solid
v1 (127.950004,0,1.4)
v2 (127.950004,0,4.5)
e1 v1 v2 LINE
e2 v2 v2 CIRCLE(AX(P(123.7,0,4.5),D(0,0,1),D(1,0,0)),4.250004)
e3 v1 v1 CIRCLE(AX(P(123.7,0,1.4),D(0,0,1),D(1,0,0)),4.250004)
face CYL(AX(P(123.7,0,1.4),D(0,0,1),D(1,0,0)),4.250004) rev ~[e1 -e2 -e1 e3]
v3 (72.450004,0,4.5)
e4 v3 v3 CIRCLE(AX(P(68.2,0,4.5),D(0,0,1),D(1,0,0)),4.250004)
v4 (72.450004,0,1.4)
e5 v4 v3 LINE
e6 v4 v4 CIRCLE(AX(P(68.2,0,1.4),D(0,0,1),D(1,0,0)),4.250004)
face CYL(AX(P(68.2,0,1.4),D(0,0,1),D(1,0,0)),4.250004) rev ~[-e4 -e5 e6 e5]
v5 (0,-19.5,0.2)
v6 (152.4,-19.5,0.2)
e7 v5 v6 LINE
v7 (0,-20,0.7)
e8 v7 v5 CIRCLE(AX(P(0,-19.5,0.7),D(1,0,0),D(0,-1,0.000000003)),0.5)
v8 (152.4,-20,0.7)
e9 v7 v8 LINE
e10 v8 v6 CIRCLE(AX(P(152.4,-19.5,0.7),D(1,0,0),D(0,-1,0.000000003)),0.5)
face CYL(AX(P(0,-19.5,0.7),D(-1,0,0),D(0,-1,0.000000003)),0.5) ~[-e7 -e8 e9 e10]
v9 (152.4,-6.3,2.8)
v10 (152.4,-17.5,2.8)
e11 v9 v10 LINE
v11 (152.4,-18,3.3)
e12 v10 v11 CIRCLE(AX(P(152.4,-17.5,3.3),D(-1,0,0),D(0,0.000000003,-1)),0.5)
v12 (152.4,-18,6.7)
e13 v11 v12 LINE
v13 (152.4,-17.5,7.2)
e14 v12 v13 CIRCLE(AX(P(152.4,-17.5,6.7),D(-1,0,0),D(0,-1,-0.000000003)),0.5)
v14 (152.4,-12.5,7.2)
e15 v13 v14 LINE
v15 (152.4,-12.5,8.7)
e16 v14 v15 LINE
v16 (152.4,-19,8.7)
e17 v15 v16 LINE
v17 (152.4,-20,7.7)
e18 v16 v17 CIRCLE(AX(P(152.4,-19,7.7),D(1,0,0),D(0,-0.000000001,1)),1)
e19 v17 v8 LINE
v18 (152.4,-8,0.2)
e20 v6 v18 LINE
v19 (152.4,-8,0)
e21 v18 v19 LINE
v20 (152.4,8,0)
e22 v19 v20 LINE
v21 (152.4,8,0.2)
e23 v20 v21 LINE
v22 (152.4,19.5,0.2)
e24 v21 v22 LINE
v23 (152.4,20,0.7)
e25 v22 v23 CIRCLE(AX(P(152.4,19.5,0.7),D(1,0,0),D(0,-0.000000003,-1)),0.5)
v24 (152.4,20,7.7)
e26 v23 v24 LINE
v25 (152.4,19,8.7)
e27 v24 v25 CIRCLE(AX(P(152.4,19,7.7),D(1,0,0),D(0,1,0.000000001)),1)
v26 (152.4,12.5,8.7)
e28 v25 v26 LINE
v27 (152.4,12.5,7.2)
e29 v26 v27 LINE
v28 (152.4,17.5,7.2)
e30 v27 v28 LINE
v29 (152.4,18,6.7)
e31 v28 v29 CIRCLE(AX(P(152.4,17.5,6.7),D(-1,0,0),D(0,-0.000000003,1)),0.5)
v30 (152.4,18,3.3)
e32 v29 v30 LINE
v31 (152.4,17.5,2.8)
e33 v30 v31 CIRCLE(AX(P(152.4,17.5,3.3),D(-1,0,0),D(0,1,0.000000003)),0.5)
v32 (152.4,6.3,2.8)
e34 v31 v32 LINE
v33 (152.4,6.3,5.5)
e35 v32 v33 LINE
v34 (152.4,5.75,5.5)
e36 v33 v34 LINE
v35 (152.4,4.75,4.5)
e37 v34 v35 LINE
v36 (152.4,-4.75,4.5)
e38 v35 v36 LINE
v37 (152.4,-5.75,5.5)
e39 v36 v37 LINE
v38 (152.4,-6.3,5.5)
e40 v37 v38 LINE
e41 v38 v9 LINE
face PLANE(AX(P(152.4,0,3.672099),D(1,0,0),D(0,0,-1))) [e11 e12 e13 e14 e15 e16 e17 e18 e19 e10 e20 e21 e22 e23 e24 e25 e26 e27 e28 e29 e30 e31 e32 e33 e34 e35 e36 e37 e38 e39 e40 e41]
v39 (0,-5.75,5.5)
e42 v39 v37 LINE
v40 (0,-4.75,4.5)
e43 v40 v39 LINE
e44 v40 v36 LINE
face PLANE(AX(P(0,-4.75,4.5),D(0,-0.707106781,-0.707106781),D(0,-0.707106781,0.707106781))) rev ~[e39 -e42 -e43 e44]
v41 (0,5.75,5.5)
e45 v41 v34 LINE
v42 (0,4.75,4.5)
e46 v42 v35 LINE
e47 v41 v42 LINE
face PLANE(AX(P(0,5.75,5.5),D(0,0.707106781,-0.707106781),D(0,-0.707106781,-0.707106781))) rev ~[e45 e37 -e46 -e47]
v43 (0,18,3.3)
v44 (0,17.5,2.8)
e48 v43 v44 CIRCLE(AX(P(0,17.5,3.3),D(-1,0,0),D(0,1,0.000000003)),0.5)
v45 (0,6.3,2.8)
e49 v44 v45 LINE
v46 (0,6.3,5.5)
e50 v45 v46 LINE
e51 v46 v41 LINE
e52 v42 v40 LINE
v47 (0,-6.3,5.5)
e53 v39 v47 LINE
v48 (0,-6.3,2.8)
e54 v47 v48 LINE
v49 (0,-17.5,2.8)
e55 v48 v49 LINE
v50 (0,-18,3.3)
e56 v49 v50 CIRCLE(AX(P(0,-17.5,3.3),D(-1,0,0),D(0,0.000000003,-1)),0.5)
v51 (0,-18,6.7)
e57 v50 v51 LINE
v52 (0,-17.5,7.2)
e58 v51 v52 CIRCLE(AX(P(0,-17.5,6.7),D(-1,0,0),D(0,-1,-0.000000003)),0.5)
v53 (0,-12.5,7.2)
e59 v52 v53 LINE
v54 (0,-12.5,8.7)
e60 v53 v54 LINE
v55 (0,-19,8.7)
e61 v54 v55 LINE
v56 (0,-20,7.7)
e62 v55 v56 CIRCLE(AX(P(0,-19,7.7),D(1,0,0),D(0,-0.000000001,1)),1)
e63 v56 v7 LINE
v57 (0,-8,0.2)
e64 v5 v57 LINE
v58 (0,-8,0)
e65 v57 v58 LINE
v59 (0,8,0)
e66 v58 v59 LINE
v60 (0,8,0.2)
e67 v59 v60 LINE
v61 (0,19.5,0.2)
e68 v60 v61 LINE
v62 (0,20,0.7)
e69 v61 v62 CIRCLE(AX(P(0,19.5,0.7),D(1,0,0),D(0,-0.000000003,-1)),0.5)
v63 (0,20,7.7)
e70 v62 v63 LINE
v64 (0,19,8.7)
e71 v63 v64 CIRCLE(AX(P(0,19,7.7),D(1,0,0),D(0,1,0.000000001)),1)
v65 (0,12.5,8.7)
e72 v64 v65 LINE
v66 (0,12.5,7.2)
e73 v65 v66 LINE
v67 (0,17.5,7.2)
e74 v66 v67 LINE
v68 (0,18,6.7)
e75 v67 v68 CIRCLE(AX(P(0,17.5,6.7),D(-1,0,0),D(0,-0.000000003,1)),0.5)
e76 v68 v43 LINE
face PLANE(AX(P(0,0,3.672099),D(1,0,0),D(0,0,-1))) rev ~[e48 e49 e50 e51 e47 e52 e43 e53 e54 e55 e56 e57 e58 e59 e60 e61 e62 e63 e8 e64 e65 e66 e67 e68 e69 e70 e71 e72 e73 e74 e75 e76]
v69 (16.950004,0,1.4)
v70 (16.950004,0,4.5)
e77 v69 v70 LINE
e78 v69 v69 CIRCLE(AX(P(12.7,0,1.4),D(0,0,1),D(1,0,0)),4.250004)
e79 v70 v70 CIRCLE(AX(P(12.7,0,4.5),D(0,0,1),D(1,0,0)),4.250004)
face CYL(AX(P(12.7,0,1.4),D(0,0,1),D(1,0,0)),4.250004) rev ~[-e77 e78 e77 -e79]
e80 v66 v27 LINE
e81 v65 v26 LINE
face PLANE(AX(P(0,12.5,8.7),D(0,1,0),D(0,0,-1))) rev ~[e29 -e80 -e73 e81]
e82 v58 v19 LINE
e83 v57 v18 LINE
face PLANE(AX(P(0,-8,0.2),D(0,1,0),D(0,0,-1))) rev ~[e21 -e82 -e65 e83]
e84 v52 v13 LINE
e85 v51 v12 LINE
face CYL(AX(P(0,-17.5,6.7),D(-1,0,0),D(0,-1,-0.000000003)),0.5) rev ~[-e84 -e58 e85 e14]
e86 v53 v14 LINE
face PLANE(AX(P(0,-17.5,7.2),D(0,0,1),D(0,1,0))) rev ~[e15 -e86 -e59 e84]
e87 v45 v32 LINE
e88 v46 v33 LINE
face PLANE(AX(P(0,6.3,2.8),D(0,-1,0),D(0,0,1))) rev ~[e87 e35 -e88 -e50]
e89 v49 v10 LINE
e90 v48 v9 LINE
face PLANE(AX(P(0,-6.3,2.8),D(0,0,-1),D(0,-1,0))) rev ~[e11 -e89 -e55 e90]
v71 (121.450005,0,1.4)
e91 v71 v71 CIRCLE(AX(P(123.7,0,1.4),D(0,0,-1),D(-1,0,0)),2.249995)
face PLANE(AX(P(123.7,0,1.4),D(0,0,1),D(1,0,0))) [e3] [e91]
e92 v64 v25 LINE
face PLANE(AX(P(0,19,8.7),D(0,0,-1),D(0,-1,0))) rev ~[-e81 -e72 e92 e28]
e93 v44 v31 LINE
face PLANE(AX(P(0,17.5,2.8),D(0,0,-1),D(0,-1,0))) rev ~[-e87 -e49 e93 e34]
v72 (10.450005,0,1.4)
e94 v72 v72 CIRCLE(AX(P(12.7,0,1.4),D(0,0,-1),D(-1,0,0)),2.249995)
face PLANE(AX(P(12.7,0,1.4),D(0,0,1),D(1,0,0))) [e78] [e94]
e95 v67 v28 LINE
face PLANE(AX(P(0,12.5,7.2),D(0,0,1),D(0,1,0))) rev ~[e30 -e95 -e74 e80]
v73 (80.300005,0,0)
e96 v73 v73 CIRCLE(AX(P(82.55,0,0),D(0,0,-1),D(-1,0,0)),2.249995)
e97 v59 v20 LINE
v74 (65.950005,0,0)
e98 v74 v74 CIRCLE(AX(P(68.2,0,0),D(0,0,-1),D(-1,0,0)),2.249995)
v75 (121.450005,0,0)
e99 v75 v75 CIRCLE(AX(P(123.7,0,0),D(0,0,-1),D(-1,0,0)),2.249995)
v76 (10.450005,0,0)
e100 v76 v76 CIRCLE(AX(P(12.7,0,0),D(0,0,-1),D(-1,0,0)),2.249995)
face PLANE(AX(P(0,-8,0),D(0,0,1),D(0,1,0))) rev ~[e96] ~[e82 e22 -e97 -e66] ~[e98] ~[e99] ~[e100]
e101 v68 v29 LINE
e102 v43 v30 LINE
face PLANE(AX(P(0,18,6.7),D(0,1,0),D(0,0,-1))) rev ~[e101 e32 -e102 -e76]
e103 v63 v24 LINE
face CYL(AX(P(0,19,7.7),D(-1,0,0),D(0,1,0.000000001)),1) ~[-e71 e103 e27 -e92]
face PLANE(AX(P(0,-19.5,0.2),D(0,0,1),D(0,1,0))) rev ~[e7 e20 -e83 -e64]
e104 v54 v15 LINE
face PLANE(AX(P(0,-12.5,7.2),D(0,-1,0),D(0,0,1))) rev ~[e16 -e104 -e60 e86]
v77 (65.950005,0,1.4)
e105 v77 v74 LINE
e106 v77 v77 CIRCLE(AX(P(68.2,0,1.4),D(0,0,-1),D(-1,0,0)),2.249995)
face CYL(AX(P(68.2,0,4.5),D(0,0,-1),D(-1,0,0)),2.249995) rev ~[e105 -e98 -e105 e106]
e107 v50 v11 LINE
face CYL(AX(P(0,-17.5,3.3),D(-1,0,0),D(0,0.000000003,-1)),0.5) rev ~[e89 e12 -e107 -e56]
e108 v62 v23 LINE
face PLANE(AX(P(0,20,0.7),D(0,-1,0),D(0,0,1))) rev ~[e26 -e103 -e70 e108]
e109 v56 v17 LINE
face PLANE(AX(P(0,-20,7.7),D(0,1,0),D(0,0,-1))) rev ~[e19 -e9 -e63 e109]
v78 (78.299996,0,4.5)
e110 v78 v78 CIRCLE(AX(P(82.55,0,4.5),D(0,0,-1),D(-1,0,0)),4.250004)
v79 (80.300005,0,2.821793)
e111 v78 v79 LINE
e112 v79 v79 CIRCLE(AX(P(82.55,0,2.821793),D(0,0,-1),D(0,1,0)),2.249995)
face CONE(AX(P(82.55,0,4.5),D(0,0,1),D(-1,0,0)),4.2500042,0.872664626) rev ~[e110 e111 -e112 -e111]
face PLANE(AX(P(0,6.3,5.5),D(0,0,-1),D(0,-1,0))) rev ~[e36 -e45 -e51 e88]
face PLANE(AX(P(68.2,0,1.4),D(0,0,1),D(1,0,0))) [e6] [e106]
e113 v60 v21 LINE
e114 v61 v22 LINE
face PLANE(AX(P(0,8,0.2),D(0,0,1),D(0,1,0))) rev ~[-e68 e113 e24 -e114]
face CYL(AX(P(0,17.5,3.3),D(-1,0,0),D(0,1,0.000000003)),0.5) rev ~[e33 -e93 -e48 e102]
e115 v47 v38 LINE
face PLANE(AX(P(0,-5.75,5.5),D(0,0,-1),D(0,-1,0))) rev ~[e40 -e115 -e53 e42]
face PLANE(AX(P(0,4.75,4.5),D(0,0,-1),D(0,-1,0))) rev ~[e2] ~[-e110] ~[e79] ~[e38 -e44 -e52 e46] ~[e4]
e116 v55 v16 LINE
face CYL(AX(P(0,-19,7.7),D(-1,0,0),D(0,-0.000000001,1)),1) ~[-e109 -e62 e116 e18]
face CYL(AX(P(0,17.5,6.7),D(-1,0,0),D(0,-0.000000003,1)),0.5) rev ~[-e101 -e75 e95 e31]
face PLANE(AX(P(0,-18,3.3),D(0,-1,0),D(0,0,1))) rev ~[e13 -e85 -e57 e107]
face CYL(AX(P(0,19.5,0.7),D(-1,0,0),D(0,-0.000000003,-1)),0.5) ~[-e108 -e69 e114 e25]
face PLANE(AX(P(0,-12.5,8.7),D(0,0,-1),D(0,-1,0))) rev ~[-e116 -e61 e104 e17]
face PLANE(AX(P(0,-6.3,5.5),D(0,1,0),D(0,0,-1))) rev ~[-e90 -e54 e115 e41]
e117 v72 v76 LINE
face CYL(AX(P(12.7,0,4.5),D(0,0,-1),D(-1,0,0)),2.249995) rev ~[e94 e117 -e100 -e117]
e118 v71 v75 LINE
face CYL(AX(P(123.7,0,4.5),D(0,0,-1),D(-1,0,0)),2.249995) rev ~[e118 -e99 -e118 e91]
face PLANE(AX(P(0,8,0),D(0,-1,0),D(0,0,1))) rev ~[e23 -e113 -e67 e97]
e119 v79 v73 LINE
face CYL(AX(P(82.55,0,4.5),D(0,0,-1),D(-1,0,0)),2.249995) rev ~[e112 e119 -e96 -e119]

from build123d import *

# Parameters (mm, degrees)
BOSS_EXTRUDE1_DEPTH                                 = 152.4
CBORE_FOR_0_BINDING_HEAD_MACHINE_SCREW1_D           = 4.499991
CBORE_FOR_0_BINDING_HEAD_MACHINE_SCREW1_CBORE_D     = 8.5000084
CBORE_FOR_0_BINDING_HEAD_MACHINE_SCREW1_CBORE_DEPTH = 3.099999896
CSK_FOR_0_FLAT_HEAD_MACHINE_SCREW_100_D             = 4.499991
CSK_FOR_0_FLAT_HEAD_MACHINE_SCREW_100_CSINK_D       = 8.5000084
CSK_FOR_0_FLAT_HEAD_MACHINE_SCREW_100_CSINK_ANGLE   = 100


with BuildPart() as part:
    # Sketch1 → Boss-Extrude1 (new body)
    with BuildSketch(Plane(origin=(0, 0, 0), x_dir=(0, 0, -1), z_dir=(1, 0, 0))):
        with BuildLine():
            Line((-8.7, -12.5), (-8.7, -19))
            ThreePointArc((-8.7, -19), (-8.407106781, -19.707106781), (-7.7, -20))
            Line((-7.7, -20), (-0.7, -20))
            ThreePointArc((-0.7, -20), (-0.346446609, -19.853553391), (-0.2, -19.5))
            Line((-0.2, -19.5), (-0.2, -8))
            Line((-0.2, -8), (0, -8))
            Line((0, -8), (0, 8))
            Line((0, 8), (-0.2, 8))
            Line((-0.2, 8), (-0.2, 19.5))
            ThreePointArc((-0.2, 19.5), (-0.346446609, 19.853553391), (-0.7, 20))
            Line((-0.7, 20), (-7.7, 20))
            ThreePointArc((-7.7, 20), (-8.407106781, 19.707106781), (-8.7, 19))
            Line((-8.7, 19), (-8.7, 12.5))
            Line((-8.7, 12.5), (-7.2, 12.5))
            Line((-7.2, 12.5), (-7.2, 17.5))
            ThreePointArc((-7.2, 17.5), (-7.053553391, 17.853553391), (-6.7, 18))
            Line((-6.7, 18), (-3.3, 18))
            ThreePointArc((-3.3, 18), (-2.946446609, 17.853553391), (-2.8, 17.5))
            Line((-2.8, 17.5), (-2.8, 6.3))
            Line((-2.8, 6.3), (-5.5, 6.3))
            Line((-5.5, 6.3), (-5.5, 5.75))
            Line((-5.5, 5.75), (-4.5, 4.75))
            Line((-4.5, 4.75), (-4.5, -4.75))
            Line((-4.5, -4.75), (-5.5, -5.75))
            Line((-5.5, -5.75), (-5.5, -6.3))
            Line((-5.5, -6.3), (-2.8, -6.3))
            Line((-2.8, -6.3), (-2.8, -17.5))
            ThreePointArc((-2.8, -17.5), (-2.946446609, -17.853553391), (-3.3, -18))
            Line((-3.3, -18), (-6.7, -18))
            ThreePointArc((-6.7, -18), (-7.053553391, -17.853553391), (-7.2, -17.5))
            Line((-7.2, -17.5), (-7.2, -12.5))
            Line((-7.2, -12.5), (-8.7, -12.5))
        make_face()
    extrude(amount=BOSS_EXTRUDE1_DEPTH)

    # CBORE for #0 Binding Head Machine Screw1 (through all)
    with Locations(Plane.XY.offset(4.5)):
        with Locations((12.7, 0), (68.2, 0), (123.7, 0), (179.2, 0), (234.7, 0), (290.2, 0), (345.7, 0)):
            CounterBoreHole(CBORE_FOR_0_BINDING_HEAD_MACHINE_SCREW1_D / 2, CBORE_FOR_0_BINDING_HEAD_MACHINE_SCREW1_CBORE_D / 2, CBORE_FOR_0_BINDING_HEAD_MACHINE_SCREW1_CBORE_DEPTH)

    # CSK for #0 Flat Head Machine Screw (100)1 (through all)
    with Locations(Plane.XY.offset(4.5)):
        with Locations((82.55, 0)):
            CounterSinkHole(CSK_FOR_0_FLAT_HEAD_MACHINE_SCREW_100_D / 2, CSK_FOR_0_FLAT_HEAD_MACHINE_SCREW_100_CSINK_D / 2, counter_sink_angle=CSK_FOR_0_FLAT_HEAD_MACHINE_SCREW_100_CSINK_ANGLE)


solid = part.part
